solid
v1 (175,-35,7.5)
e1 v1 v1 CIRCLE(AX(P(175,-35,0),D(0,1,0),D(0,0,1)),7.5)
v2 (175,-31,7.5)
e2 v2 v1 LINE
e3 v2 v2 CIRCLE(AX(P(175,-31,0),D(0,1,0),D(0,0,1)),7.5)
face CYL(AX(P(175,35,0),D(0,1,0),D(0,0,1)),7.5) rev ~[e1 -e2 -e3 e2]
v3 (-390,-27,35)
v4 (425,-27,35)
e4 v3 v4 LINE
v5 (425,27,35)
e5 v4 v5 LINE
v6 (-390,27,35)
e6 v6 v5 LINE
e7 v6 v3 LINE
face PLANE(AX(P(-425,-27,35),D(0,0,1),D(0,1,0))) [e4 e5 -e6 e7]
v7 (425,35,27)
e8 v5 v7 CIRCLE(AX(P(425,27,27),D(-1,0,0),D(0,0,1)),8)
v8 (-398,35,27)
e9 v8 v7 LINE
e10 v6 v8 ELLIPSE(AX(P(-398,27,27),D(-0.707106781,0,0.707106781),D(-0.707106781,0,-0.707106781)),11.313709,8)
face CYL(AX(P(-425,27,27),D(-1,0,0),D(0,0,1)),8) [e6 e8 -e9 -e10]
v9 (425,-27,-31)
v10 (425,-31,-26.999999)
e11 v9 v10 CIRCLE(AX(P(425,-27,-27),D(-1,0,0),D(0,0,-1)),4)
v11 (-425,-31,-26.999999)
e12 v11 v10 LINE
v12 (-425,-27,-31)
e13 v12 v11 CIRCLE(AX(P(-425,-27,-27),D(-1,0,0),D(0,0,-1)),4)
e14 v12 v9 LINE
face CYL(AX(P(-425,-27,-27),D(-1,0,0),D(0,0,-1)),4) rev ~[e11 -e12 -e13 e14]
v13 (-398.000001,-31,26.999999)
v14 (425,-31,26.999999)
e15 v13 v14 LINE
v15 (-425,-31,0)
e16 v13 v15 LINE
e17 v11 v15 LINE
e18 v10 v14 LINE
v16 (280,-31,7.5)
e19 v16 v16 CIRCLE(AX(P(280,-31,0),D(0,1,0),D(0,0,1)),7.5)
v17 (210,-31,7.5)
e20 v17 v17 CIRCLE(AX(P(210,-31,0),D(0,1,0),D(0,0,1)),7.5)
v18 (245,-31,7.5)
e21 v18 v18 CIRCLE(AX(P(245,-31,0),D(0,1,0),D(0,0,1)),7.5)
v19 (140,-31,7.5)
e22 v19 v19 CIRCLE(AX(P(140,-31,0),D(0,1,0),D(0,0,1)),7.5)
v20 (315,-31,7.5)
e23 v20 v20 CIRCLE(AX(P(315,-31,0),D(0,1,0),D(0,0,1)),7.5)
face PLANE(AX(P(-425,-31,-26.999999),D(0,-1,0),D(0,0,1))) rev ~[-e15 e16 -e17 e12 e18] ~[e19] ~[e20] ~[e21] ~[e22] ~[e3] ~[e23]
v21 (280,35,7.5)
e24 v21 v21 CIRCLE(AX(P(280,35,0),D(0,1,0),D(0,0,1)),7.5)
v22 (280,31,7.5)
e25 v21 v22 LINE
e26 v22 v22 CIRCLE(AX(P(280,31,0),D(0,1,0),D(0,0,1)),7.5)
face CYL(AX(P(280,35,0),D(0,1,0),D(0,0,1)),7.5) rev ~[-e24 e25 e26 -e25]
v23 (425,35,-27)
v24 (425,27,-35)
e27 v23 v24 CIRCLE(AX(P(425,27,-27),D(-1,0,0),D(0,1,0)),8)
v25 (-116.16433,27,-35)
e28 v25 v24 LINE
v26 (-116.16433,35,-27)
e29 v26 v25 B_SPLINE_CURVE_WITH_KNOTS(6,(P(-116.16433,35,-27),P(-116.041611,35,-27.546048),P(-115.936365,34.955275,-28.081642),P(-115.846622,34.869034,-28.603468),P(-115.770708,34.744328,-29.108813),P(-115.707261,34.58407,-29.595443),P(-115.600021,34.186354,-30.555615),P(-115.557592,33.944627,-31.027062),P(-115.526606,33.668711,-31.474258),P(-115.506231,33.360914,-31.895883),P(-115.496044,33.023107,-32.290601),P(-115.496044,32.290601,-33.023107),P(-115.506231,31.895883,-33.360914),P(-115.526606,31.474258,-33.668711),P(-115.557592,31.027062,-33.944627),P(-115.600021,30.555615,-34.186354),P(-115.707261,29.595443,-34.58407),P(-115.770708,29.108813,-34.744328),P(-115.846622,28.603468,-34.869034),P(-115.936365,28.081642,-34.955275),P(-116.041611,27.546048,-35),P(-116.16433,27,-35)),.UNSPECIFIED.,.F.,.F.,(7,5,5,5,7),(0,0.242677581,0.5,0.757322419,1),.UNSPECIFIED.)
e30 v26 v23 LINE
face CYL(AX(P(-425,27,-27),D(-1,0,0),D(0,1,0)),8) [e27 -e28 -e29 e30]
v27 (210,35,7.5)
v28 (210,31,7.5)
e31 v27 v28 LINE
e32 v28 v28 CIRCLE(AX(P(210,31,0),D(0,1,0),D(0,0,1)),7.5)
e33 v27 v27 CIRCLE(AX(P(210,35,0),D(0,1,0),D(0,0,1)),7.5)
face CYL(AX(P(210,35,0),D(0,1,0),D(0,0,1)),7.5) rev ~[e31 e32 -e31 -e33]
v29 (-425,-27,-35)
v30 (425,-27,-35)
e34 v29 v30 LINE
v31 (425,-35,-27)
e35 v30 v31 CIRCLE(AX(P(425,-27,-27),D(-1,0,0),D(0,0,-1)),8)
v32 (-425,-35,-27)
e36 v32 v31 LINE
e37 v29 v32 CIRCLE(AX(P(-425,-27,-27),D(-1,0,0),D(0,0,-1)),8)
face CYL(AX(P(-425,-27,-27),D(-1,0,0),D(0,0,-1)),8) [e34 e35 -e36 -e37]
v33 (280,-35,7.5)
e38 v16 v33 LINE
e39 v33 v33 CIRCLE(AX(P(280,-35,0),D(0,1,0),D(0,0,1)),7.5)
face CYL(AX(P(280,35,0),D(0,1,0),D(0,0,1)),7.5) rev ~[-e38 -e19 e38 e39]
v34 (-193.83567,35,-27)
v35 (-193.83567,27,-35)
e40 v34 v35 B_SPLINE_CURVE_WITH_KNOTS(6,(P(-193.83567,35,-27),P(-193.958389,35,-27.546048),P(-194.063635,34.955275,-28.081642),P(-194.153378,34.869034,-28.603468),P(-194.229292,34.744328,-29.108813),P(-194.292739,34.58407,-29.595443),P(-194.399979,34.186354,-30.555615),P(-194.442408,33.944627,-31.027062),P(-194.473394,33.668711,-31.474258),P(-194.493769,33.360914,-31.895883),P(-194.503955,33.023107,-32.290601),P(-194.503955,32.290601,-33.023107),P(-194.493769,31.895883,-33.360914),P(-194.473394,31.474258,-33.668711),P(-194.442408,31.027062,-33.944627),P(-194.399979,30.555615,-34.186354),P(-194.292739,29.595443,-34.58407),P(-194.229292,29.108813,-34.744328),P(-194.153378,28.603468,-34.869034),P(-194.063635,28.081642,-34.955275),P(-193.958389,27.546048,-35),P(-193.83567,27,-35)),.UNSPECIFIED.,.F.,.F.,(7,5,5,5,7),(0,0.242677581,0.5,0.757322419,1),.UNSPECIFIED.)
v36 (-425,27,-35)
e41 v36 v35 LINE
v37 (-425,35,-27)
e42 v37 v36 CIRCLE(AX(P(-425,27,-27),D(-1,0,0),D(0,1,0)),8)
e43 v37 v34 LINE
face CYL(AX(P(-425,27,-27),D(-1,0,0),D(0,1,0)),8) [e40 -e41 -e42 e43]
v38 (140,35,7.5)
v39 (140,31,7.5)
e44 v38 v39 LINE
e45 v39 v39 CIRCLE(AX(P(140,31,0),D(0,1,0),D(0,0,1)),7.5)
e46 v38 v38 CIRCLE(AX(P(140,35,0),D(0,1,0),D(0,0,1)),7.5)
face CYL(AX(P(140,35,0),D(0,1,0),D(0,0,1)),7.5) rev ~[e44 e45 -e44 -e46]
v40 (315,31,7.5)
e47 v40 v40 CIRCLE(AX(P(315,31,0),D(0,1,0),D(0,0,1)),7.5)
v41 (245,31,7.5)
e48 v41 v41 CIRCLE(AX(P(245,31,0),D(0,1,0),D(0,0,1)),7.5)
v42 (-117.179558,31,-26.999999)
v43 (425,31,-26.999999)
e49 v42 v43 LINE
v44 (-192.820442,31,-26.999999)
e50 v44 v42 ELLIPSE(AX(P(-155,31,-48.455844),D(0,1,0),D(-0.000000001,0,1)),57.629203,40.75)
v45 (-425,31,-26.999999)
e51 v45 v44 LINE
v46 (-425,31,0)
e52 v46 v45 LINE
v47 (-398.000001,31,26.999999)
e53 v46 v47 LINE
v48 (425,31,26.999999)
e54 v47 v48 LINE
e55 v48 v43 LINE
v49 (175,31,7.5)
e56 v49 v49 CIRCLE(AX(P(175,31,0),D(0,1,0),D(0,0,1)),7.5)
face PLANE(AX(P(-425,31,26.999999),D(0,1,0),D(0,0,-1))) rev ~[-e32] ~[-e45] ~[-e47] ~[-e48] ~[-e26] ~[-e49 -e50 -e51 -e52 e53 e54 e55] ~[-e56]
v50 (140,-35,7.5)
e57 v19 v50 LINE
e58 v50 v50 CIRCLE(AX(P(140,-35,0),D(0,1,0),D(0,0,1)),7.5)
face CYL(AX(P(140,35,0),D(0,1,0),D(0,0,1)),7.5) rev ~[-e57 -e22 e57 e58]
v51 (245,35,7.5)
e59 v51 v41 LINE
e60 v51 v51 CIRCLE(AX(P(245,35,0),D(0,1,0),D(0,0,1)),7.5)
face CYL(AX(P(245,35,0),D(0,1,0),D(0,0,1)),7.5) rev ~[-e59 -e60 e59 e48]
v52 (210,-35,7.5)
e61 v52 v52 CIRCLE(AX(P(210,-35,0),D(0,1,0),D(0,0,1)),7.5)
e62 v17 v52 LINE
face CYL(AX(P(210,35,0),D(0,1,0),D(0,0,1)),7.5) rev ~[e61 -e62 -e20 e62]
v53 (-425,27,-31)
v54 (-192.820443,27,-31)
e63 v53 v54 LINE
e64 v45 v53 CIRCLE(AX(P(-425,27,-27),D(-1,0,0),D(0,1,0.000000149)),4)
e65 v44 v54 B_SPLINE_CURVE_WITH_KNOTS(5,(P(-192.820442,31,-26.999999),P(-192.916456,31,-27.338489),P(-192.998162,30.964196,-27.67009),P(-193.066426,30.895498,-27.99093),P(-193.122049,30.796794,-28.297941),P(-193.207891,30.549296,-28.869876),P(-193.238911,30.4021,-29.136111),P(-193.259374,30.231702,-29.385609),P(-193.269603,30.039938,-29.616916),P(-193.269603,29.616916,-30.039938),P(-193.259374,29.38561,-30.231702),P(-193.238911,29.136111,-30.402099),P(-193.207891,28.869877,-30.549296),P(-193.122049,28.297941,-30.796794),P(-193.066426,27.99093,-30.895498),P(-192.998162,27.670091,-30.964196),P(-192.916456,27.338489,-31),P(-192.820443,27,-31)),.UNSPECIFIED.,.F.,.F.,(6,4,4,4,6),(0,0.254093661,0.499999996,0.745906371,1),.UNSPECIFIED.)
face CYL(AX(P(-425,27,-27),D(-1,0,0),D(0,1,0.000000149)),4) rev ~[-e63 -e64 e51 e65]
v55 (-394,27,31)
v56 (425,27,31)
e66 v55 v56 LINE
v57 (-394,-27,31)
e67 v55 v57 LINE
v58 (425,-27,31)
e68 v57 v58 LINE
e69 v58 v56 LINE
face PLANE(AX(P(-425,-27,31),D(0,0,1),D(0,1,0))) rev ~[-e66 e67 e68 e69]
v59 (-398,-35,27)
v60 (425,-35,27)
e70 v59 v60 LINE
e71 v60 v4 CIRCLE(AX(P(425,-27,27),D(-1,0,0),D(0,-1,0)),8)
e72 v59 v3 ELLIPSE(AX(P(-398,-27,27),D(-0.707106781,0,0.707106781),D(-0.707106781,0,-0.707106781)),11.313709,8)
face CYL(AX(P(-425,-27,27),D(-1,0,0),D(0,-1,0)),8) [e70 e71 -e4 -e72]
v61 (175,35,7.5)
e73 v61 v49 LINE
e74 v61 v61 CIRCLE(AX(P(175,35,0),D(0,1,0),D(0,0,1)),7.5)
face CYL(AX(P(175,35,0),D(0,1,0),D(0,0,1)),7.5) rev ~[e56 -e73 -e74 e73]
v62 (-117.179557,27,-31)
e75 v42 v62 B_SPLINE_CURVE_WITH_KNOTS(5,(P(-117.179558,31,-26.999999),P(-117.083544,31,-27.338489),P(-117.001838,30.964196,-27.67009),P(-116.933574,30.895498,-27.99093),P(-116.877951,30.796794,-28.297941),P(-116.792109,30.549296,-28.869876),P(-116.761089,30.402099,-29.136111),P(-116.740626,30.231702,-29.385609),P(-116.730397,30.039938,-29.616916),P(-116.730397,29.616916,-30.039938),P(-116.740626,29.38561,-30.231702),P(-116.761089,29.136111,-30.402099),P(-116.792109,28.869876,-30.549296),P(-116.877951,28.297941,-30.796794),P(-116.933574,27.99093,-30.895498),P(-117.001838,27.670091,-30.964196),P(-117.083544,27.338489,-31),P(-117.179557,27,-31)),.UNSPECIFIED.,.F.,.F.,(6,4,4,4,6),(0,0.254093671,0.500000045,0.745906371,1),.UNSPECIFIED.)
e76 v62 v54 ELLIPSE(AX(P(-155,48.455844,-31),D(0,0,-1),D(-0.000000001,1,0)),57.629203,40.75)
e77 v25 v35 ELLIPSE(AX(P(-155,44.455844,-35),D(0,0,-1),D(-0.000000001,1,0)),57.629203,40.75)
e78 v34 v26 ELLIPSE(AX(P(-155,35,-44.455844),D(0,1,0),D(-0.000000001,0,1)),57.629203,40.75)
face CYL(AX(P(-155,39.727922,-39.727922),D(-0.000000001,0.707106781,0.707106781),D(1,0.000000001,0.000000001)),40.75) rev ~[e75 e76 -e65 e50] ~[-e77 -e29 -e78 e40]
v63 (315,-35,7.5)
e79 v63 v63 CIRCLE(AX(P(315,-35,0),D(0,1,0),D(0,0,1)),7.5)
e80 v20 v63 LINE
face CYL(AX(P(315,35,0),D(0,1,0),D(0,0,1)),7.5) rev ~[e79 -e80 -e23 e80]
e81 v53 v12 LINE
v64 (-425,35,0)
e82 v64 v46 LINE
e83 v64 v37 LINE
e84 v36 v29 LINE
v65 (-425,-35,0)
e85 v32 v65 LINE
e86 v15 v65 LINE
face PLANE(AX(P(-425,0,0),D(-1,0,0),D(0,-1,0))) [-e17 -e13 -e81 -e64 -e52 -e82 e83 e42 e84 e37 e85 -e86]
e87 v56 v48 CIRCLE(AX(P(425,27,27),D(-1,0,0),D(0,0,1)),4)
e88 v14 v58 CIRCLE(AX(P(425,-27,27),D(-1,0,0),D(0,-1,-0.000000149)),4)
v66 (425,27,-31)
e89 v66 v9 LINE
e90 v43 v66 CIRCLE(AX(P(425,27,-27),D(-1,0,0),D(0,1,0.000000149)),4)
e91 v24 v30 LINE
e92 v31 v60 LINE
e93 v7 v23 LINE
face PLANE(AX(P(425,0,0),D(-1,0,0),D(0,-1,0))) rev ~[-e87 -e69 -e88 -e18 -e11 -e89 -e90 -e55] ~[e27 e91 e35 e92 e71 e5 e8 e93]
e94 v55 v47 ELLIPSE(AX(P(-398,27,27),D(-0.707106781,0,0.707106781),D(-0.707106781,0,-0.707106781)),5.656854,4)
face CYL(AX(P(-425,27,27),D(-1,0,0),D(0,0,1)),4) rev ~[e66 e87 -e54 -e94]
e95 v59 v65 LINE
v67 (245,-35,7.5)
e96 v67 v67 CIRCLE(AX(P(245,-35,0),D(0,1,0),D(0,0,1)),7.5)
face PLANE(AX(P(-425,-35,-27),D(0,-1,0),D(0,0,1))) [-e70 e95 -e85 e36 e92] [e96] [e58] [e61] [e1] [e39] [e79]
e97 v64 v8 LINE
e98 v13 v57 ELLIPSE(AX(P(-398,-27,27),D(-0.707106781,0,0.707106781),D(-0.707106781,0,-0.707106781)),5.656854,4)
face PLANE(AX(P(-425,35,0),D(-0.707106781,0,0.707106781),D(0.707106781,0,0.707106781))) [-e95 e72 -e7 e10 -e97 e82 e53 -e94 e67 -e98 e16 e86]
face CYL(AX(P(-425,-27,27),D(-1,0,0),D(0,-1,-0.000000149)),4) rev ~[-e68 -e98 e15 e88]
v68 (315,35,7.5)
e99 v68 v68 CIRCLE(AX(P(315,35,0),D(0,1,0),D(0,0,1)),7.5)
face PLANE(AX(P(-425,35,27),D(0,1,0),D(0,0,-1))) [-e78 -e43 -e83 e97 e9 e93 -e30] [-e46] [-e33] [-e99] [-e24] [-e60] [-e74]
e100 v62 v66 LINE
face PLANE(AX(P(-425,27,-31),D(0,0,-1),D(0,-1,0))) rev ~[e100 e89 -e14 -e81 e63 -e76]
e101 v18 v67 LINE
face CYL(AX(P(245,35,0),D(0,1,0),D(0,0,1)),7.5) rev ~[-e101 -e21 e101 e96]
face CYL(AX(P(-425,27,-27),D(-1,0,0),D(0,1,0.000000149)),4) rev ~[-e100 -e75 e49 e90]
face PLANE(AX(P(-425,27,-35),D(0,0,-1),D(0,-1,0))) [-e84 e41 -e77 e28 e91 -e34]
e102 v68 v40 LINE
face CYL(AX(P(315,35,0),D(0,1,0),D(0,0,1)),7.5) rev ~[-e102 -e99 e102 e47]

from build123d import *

# Parameters (mm, degrees)
EL_MENT_M_CANO_SOUD_1_DEPTH = 850
ESQUISSE3_R                 = 7.5
ENL_V_MAT_EXTRU_2_DEPTH     = 90
ENL_V_MAT_EXTRU_3_DEPTH     = 71
ESQUISSE7_R                 = 40.75
ENL_V_MAT_EXTRU_5_DEPTH     = 75


with BuildPart() as part:
    # tube carré1 → Elément mécano-soudé1 (new body)
    with BuildSketch(Plane.YZ.offset(-425)):
        with BuildLine():
            Line((-27, 35), (27, 35))
            ThreePointArc((27, 35), (32.656854249, 32.656854249), (35, 27))
            Line((35, 27), (35, -27))
            ThreePointArc((35, -27), (32.656854249, -32.656854249), (27, -35))
            Line((27, -35), (-27, -35))
            ThreePointArc((-27, -35), (-32.656854249, -32.656854249), (-35, -27))
            Line((-35, -27), (-35, 27))
            ThreePointArc((-35, 27), (-32.656854249, 32.656854249), (-27, 35))
        make_face()
        with BuildLine():
            Line((-27, 31), (27, 31))
            ThreePointArc((27, 31), (29.828427336, 29.828426914), (31, 26.999999403))
            Line((31, 26.999999403), (31, -26.999999403))
            ThreePointArc((31, -26.999999403), (29.828427336, -29.828426914), (27, -31))
            Line((27, -31), (-27, -31))
            ThreePointArc((-27, -31), (-29.828427336, -29.828426914), (-31, -26.999999403))
            Line((-31, -26.999999403), (-31, 26.999999403))
            ThreePointArc((-31, 26.999999403), (-29.828427336, 29.828426914), (-27, 31))
        make_face(mode=Mode.SUBTRACT)
    extrude(amount=EL_MENT_M_CANO_SOUD_1_DEPTH)

    # Esquisse3 → Enlèv. mat.-Extru.2 (cut)
    with BuildSketch(Plane(origin=(0, 35, 0), x_dir=(1, 0, 0), z_dir=(0, 1, 0))):
        with Locations(Location((315, 0, 0), (0, 0, 270))):  # turned: the seam where the file's is
            Circle(ESQUISSE3_R)
        with Locations(Location((280, 0, 0), (0, 0, 270))):  # turned: the seam where the file's is
            Circle(ESQUISSE3_R)
        with Locations(Location((245, 0, 0), (0, 0, 270))):  # turned: the seam where the file's is
            Circle(ESQUISSE3_R)
        with Locations(Location((210, 0, 0), (0, 0, 270))):  # turned: the seam where the file's is
            Circle(ESQUISSE3_R)
        with Locations(Location((175, 0, 0), (0, 0, 270))):  # turned: the seam where the file's is
            Circle(ESQUISSE3_R)
        with Locations(Location((140, 0, 0), (0, 0, 270))):  # turned: the seam where the file's is
            Circle(ESQUISSE3_R)
    extrude(amount=-ENL_V_MAT_EXTRU_2_DEPTH, mode=Mode.SUBTRACT)

    # Esquisse5 → Enlèv. mat.-Extru.3 (cut, through all)
    with BuildSketch(Plane(origin=(0, 35, 0), x_dir=(1, 0, 0), z_dir=(0, 1, 0))):
        Polygon((-425, 0), (-390, -35), (-425, -35), align=None)
    extrude(amount=-ENL_V_MAT_EXTRU_3_DEPTH, mode=Mode.SUBTRACT)

    # Esquisse7 → Enlèv. mat.-Extru.5 (cut, symmetric)
    with BuildSketch(Plane(origin=(0, 0, 0), x_dir=(1, 0, 0), z_dir=(-1e-09, 0.707106781, 0.707106781))):
        with Locations((-154.999999996, 56.183766184)):
            Circle(ESQUISSE7_R)
    extrude(amount=ENL_V_MAT_EXTRU_5_DEPTH, both=True, mode=Mode.SUBTRACT)


solid = part.part
